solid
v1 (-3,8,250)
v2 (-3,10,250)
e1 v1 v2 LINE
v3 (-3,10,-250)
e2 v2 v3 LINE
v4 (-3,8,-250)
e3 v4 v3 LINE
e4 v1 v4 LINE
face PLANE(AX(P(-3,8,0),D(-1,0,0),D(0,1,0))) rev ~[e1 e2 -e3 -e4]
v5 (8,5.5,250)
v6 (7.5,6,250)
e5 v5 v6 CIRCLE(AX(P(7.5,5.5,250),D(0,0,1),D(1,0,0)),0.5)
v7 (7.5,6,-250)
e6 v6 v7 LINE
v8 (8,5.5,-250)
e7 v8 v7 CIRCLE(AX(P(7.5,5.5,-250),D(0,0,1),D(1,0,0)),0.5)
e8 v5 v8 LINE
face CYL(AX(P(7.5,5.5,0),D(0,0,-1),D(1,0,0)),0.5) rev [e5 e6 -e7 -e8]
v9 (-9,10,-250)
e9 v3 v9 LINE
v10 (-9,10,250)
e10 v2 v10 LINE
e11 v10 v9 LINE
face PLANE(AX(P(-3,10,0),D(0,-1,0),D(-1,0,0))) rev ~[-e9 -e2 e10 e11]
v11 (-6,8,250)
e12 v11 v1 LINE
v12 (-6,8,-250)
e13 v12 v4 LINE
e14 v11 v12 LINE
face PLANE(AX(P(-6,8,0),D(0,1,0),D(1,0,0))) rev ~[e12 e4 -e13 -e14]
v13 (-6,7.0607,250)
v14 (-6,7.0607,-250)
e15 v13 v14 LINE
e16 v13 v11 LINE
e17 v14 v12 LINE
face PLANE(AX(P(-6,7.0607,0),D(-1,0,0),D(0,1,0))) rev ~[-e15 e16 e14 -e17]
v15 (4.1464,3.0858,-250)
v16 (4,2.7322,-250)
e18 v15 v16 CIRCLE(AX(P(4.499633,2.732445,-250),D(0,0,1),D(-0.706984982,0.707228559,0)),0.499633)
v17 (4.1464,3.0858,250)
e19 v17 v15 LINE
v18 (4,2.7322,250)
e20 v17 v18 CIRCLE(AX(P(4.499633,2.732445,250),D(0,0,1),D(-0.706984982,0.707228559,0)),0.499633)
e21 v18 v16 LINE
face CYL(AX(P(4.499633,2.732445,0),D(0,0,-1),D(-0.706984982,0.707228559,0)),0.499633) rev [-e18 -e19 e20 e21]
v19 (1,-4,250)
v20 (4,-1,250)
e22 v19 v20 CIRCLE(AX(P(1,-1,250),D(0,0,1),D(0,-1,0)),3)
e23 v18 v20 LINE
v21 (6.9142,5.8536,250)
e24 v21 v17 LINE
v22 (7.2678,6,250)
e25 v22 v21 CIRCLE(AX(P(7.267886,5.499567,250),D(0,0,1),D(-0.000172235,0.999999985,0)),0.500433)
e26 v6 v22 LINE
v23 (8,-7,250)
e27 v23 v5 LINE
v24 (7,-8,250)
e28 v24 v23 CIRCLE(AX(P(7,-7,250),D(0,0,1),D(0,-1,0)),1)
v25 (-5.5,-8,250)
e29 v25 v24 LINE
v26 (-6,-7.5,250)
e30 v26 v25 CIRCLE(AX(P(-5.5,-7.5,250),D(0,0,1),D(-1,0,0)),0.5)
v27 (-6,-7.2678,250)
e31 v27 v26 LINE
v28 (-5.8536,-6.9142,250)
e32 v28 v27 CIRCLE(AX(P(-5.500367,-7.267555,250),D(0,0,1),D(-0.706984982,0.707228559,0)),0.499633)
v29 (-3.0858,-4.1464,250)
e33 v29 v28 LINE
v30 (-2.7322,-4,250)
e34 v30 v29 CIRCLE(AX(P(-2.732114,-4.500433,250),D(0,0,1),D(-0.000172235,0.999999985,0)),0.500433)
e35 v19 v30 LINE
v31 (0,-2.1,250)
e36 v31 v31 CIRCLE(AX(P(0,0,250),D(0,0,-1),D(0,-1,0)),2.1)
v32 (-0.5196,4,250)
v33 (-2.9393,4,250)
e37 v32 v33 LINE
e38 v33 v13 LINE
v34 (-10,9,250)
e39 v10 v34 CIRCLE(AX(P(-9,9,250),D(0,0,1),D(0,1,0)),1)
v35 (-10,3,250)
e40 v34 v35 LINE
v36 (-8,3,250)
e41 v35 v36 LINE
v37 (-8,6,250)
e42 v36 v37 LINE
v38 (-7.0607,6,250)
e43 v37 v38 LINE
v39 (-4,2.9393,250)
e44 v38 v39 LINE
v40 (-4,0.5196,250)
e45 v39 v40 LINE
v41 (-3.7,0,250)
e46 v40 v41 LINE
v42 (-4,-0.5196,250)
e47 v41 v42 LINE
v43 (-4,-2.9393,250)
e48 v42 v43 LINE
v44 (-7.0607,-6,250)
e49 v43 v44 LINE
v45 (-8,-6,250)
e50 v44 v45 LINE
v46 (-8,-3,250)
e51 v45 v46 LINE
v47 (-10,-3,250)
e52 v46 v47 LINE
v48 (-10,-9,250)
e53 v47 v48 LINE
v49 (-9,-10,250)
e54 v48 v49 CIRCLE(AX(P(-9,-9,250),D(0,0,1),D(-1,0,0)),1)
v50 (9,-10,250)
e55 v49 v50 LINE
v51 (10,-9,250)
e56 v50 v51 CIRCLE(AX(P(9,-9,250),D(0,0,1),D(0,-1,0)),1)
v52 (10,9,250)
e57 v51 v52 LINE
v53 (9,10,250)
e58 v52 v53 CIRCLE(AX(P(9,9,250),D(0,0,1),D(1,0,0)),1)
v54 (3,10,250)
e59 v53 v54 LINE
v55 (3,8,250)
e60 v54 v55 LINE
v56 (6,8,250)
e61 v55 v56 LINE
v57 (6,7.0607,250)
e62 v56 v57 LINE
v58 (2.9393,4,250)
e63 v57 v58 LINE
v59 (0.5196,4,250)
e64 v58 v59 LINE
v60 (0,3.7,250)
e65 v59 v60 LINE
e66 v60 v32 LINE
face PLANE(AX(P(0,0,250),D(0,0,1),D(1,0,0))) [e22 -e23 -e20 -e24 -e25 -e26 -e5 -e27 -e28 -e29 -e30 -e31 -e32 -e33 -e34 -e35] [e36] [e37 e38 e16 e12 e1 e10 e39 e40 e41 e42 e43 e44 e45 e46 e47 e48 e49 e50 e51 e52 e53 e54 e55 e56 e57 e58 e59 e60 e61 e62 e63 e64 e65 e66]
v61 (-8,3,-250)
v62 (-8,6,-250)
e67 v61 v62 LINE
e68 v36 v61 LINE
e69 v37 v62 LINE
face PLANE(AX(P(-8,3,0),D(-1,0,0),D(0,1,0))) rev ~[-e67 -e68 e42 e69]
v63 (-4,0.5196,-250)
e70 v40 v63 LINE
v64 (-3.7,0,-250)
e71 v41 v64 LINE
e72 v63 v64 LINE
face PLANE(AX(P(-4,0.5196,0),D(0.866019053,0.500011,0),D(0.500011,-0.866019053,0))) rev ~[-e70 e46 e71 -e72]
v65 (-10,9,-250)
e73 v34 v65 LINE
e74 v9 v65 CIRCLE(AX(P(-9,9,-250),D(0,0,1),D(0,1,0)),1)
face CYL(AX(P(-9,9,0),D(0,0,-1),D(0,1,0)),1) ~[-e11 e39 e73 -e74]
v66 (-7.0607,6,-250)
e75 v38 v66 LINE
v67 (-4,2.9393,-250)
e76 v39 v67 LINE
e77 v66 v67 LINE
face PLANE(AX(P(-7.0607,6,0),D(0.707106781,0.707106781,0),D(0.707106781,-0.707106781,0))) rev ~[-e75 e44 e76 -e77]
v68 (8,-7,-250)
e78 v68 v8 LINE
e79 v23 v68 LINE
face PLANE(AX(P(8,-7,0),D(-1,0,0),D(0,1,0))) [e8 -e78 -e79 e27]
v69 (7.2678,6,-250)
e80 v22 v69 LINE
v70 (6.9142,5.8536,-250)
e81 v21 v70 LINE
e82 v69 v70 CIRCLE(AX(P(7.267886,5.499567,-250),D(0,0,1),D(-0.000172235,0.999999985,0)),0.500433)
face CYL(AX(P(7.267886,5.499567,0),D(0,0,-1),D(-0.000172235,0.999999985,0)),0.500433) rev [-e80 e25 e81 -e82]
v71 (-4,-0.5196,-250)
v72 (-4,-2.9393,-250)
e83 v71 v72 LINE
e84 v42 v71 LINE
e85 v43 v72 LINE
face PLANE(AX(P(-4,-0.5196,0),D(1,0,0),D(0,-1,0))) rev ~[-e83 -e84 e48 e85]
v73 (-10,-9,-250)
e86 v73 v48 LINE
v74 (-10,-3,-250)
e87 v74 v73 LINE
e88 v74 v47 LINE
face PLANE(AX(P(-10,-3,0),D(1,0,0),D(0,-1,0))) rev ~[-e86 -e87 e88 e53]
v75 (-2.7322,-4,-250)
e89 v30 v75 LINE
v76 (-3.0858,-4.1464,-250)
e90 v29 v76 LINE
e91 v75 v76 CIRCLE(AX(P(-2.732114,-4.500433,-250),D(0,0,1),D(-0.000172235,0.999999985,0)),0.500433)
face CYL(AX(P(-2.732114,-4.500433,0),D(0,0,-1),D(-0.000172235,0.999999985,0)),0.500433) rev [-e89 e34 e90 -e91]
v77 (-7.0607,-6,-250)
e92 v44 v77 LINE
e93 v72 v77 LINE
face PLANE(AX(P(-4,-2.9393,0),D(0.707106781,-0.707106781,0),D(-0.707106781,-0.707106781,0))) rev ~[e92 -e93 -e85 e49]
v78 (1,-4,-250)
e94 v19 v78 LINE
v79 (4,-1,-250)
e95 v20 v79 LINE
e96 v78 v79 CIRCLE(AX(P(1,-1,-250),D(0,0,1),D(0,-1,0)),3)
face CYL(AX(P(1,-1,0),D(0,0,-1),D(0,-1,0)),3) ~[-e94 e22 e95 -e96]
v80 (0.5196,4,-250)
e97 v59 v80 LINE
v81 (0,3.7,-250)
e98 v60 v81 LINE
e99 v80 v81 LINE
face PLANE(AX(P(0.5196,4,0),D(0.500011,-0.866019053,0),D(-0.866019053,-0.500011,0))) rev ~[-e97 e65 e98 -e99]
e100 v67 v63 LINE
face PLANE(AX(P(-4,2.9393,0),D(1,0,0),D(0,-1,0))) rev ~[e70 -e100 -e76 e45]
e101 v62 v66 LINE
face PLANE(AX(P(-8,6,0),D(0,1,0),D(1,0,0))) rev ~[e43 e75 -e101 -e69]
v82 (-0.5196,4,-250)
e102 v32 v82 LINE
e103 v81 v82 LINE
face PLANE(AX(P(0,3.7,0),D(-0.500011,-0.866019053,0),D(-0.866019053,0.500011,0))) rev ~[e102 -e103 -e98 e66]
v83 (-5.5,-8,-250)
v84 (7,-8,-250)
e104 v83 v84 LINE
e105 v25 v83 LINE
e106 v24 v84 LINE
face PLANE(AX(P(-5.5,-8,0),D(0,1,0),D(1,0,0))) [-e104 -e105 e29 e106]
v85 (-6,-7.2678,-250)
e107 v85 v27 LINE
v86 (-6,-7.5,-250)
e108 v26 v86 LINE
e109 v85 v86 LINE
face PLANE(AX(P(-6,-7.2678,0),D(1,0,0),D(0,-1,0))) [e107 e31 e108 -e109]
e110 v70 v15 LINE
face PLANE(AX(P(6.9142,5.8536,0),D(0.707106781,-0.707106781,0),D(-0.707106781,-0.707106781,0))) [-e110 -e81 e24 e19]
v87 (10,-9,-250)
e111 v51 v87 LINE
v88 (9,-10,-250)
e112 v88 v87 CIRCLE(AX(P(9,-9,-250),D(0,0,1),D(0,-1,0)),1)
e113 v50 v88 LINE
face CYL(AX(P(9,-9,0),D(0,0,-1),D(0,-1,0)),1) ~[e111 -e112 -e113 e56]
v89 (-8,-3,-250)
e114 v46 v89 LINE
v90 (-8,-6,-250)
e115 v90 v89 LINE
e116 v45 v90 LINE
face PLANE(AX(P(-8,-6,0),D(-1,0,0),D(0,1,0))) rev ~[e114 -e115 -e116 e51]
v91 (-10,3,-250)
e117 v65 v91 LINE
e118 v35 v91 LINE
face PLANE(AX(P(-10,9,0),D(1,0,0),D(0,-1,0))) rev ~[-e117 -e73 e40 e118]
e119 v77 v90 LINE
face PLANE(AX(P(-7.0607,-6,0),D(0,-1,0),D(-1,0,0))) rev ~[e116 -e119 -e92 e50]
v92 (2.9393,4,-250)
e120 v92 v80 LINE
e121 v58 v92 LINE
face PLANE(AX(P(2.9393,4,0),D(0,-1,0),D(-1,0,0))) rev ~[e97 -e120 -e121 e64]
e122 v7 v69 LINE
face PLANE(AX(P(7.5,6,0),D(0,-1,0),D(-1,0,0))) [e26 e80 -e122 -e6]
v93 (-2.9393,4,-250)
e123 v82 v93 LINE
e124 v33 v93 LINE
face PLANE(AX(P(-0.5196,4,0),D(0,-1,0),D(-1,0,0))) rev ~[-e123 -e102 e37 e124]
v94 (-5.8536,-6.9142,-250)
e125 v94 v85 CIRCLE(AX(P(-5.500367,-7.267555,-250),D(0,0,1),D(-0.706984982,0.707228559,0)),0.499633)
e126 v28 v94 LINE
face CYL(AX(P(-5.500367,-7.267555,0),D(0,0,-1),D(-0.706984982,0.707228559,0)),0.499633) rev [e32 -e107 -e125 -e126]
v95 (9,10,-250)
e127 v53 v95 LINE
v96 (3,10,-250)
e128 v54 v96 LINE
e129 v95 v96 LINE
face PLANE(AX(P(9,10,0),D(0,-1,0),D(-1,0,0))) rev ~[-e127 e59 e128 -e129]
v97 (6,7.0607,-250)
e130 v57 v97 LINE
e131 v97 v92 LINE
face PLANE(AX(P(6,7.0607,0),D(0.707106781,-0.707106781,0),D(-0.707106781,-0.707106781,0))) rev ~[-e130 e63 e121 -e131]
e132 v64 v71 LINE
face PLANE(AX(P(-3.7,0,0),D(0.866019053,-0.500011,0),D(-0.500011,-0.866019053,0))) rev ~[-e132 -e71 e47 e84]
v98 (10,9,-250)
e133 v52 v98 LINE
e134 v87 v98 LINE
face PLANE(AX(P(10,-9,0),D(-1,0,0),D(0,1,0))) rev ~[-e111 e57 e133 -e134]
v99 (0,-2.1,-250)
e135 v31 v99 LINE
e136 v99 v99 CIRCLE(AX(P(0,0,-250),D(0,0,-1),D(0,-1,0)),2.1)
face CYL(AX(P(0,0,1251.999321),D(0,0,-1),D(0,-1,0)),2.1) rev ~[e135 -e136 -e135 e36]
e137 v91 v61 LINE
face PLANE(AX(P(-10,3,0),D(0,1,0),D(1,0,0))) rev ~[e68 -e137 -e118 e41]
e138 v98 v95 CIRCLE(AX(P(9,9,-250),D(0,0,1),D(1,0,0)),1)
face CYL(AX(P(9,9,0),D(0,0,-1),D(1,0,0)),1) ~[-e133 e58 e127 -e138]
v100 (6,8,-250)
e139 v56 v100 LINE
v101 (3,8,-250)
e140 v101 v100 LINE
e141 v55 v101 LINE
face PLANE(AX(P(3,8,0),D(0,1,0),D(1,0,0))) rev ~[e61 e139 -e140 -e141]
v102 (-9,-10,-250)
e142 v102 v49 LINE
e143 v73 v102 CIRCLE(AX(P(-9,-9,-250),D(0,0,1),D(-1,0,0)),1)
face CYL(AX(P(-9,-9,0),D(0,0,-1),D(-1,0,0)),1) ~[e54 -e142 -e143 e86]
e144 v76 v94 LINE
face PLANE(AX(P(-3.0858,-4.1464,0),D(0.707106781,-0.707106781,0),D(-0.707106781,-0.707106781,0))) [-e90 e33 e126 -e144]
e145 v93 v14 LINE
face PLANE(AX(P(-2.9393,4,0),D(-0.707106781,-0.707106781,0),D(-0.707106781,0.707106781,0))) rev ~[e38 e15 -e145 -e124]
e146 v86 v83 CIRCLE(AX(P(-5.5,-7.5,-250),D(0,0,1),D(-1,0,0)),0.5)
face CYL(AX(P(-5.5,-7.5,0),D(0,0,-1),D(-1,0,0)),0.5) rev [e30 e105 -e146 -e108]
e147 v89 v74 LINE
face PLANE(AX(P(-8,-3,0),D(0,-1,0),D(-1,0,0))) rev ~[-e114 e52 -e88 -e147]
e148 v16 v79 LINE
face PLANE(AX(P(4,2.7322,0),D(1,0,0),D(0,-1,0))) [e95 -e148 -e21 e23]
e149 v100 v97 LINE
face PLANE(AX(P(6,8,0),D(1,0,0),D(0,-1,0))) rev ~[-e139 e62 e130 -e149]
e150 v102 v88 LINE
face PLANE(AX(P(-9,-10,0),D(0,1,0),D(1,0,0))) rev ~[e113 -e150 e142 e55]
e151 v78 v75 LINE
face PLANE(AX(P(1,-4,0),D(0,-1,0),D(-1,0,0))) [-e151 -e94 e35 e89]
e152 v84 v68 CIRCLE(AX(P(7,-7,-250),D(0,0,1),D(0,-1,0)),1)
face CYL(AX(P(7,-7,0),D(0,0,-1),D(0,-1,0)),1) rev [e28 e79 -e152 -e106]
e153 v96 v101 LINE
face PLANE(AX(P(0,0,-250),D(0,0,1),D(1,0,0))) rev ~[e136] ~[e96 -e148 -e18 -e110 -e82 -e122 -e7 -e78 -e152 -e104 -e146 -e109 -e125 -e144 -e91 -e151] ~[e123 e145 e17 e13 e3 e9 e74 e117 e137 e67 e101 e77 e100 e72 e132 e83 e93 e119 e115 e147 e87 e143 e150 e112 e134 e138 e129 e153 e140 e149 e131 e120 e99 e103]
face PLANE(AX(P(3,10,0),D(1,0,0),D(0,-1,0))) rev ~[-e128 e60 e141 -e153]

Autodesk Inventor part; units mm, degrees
sketch "Sketch_64" plane through (0, 0, 0) normal (0, 0, 1) x (1, 0, 0)
  line L0 (-10, -3) -> (-10, -9)
  arc A0 (-10, -9) -> (-9, -10) centre (-9, -9) ccw
  line L1 (-9, -10) -> (9, -10)
  arc A1 (9, -10) -> (10, -9) centre (9, -9) ccw
  line L2 (10, -9) -> (10, 9)
  arc A2 (10, 9) -> (9, 10) centre (9, 9) ccw
  line L3 (9, 10) -> (3, 10)
  line L4 (3, 10) -> (3, 8)
  line L5 (3, 8) -> (6, 8)
  line L6 (6, 8) -> (6, 7.0607)
  line L7 (6, 7.0607) -> (2.9393, 4)
  line L8 (2.9393, 4) -> (0.5196, 4)
  line L9 (0.5196, 4) -> (0, 3.7)
  line L10 (0, 3.7) -> (-0.5196, 4)
  line L11 (-0.5196, 4) -> (-2.9393, 4)
  line L12 (-2.9393, 4) -> (-6, 7.0607)
  line L13 (-6, 7.0607) -> (-6, 8)
  line L14 (-6, 8) -> (-3, 8)
  line L15 (-3, 8) -> (-3, 10)
  line L16 (-3, 10) -> (-9, 10)
  arc A3 (-9, 10) -> (-10, 9) centre (-9, 9) ccw
  line L17 (-10, 9) -> (-10, 3)
  line L18 (-10, 3) -> (-8, 3)
  line L19 (-8, 3) -> (-8, 6)
  line L20 (-8, 6) -> (-7.0607, 6)
  line L21 (-7.0607, 6) -> (-4, 2.9393)
  line L22 (-4, 2.9393) -> (-4, 0.5196)
  line L23 (-4, 0.5196) -> (-3.7, 0)
  line L24 (-3.7, 0) -> (-4, -0.5196)
  line L25 (-4, -0.5196) -> (-4, -2.9393)
  line L26 (-4, -2.9393) -> (-7.0607, -6)
  line L27 (-7.0607, -6) -> (-8, -6)
  line L28 (-8, -6) -> (-8, -3)
  line L29 (-8, -3) -> (-10, -3)
  line L30 (-6, -7.2678) -> (-6, -7.5)
  arc A4 (-6, -7.5) -> (-5.5, -8) centre (-5.5, -7.5) ccw
  line L31 (-5.5, -8) -> (7, -8)
  arc A5 (7, -8) -> (8, -7) centre (7, -7) ccw
  line L32 (8, -7) -> (8, 5.5)
  arc A6 (8, 5.5) -> (7.5, 6) centre (7.5, 5.5) ccw
  line L33 (7.5, 6) -> (7.2678, 6)
  arc A7 (7.2678, 6) -> (6.9142, 5.8536) centre (7.2678, 5.5) ccw
  line L34 (6.9142, 5.8536) -> (4.1464, 3.0858)
  arc A8 (4.1464, 3.0858) -> (4, 2.7322) centre (4.5, 2.7322) ccw
  line L35 (4, 2.7322) -> (4, -1)
  arc A9 (1, -4) -> (4, -1) centre (1, -1) ccw
  line L36 (1, -4) -> (-2.7322, -4)
  arc A10 (-2.7322, -4) -> (-3.0858, -4.1464) centre (-2.7322, -4.5) ccw
  line L37 (-3.0858, -4.1464) -> (-5.8536, -6.9142)
  arc A11 (-5.8536, -6.9142) -> (-6, -7.2678) centre (-5.5, -7.2678) ccw
extrude "Extrusion1" add sketch "Sketch_64" along normal mid plane 500
sketch "Sketch2" plane through (0, 0, 250) normal (0, 0, 1) x (-1, 0, 0)
  point P0 (0, 0)
hole "Hole1" at (0, 0, 250) direction (0, 0, -1) diameter 4.2 end through all both
ref_plane "C1_XY" through (0, 0, 0) normal (0, 0, 1) x (1, 0, 0)
ref_plane "C1_YZ" through (0, 0, 0) normal (1, 0, 0) x (0, 1, 0)
ref_plane "C1_ZX" through (0, 0, 0) normal (0, 1, 0) x (0, 0, 1)
thread "Thread1" size "M5x0.8" class "6H" standard "ANSI Metric M Profile" length 10
thread "Thread2" size "M5x0.8" class "6H" standard "ANSI Metric M Profile" length 10
properties part number "HFST5-2020-500" material "Aluminum 6061"
